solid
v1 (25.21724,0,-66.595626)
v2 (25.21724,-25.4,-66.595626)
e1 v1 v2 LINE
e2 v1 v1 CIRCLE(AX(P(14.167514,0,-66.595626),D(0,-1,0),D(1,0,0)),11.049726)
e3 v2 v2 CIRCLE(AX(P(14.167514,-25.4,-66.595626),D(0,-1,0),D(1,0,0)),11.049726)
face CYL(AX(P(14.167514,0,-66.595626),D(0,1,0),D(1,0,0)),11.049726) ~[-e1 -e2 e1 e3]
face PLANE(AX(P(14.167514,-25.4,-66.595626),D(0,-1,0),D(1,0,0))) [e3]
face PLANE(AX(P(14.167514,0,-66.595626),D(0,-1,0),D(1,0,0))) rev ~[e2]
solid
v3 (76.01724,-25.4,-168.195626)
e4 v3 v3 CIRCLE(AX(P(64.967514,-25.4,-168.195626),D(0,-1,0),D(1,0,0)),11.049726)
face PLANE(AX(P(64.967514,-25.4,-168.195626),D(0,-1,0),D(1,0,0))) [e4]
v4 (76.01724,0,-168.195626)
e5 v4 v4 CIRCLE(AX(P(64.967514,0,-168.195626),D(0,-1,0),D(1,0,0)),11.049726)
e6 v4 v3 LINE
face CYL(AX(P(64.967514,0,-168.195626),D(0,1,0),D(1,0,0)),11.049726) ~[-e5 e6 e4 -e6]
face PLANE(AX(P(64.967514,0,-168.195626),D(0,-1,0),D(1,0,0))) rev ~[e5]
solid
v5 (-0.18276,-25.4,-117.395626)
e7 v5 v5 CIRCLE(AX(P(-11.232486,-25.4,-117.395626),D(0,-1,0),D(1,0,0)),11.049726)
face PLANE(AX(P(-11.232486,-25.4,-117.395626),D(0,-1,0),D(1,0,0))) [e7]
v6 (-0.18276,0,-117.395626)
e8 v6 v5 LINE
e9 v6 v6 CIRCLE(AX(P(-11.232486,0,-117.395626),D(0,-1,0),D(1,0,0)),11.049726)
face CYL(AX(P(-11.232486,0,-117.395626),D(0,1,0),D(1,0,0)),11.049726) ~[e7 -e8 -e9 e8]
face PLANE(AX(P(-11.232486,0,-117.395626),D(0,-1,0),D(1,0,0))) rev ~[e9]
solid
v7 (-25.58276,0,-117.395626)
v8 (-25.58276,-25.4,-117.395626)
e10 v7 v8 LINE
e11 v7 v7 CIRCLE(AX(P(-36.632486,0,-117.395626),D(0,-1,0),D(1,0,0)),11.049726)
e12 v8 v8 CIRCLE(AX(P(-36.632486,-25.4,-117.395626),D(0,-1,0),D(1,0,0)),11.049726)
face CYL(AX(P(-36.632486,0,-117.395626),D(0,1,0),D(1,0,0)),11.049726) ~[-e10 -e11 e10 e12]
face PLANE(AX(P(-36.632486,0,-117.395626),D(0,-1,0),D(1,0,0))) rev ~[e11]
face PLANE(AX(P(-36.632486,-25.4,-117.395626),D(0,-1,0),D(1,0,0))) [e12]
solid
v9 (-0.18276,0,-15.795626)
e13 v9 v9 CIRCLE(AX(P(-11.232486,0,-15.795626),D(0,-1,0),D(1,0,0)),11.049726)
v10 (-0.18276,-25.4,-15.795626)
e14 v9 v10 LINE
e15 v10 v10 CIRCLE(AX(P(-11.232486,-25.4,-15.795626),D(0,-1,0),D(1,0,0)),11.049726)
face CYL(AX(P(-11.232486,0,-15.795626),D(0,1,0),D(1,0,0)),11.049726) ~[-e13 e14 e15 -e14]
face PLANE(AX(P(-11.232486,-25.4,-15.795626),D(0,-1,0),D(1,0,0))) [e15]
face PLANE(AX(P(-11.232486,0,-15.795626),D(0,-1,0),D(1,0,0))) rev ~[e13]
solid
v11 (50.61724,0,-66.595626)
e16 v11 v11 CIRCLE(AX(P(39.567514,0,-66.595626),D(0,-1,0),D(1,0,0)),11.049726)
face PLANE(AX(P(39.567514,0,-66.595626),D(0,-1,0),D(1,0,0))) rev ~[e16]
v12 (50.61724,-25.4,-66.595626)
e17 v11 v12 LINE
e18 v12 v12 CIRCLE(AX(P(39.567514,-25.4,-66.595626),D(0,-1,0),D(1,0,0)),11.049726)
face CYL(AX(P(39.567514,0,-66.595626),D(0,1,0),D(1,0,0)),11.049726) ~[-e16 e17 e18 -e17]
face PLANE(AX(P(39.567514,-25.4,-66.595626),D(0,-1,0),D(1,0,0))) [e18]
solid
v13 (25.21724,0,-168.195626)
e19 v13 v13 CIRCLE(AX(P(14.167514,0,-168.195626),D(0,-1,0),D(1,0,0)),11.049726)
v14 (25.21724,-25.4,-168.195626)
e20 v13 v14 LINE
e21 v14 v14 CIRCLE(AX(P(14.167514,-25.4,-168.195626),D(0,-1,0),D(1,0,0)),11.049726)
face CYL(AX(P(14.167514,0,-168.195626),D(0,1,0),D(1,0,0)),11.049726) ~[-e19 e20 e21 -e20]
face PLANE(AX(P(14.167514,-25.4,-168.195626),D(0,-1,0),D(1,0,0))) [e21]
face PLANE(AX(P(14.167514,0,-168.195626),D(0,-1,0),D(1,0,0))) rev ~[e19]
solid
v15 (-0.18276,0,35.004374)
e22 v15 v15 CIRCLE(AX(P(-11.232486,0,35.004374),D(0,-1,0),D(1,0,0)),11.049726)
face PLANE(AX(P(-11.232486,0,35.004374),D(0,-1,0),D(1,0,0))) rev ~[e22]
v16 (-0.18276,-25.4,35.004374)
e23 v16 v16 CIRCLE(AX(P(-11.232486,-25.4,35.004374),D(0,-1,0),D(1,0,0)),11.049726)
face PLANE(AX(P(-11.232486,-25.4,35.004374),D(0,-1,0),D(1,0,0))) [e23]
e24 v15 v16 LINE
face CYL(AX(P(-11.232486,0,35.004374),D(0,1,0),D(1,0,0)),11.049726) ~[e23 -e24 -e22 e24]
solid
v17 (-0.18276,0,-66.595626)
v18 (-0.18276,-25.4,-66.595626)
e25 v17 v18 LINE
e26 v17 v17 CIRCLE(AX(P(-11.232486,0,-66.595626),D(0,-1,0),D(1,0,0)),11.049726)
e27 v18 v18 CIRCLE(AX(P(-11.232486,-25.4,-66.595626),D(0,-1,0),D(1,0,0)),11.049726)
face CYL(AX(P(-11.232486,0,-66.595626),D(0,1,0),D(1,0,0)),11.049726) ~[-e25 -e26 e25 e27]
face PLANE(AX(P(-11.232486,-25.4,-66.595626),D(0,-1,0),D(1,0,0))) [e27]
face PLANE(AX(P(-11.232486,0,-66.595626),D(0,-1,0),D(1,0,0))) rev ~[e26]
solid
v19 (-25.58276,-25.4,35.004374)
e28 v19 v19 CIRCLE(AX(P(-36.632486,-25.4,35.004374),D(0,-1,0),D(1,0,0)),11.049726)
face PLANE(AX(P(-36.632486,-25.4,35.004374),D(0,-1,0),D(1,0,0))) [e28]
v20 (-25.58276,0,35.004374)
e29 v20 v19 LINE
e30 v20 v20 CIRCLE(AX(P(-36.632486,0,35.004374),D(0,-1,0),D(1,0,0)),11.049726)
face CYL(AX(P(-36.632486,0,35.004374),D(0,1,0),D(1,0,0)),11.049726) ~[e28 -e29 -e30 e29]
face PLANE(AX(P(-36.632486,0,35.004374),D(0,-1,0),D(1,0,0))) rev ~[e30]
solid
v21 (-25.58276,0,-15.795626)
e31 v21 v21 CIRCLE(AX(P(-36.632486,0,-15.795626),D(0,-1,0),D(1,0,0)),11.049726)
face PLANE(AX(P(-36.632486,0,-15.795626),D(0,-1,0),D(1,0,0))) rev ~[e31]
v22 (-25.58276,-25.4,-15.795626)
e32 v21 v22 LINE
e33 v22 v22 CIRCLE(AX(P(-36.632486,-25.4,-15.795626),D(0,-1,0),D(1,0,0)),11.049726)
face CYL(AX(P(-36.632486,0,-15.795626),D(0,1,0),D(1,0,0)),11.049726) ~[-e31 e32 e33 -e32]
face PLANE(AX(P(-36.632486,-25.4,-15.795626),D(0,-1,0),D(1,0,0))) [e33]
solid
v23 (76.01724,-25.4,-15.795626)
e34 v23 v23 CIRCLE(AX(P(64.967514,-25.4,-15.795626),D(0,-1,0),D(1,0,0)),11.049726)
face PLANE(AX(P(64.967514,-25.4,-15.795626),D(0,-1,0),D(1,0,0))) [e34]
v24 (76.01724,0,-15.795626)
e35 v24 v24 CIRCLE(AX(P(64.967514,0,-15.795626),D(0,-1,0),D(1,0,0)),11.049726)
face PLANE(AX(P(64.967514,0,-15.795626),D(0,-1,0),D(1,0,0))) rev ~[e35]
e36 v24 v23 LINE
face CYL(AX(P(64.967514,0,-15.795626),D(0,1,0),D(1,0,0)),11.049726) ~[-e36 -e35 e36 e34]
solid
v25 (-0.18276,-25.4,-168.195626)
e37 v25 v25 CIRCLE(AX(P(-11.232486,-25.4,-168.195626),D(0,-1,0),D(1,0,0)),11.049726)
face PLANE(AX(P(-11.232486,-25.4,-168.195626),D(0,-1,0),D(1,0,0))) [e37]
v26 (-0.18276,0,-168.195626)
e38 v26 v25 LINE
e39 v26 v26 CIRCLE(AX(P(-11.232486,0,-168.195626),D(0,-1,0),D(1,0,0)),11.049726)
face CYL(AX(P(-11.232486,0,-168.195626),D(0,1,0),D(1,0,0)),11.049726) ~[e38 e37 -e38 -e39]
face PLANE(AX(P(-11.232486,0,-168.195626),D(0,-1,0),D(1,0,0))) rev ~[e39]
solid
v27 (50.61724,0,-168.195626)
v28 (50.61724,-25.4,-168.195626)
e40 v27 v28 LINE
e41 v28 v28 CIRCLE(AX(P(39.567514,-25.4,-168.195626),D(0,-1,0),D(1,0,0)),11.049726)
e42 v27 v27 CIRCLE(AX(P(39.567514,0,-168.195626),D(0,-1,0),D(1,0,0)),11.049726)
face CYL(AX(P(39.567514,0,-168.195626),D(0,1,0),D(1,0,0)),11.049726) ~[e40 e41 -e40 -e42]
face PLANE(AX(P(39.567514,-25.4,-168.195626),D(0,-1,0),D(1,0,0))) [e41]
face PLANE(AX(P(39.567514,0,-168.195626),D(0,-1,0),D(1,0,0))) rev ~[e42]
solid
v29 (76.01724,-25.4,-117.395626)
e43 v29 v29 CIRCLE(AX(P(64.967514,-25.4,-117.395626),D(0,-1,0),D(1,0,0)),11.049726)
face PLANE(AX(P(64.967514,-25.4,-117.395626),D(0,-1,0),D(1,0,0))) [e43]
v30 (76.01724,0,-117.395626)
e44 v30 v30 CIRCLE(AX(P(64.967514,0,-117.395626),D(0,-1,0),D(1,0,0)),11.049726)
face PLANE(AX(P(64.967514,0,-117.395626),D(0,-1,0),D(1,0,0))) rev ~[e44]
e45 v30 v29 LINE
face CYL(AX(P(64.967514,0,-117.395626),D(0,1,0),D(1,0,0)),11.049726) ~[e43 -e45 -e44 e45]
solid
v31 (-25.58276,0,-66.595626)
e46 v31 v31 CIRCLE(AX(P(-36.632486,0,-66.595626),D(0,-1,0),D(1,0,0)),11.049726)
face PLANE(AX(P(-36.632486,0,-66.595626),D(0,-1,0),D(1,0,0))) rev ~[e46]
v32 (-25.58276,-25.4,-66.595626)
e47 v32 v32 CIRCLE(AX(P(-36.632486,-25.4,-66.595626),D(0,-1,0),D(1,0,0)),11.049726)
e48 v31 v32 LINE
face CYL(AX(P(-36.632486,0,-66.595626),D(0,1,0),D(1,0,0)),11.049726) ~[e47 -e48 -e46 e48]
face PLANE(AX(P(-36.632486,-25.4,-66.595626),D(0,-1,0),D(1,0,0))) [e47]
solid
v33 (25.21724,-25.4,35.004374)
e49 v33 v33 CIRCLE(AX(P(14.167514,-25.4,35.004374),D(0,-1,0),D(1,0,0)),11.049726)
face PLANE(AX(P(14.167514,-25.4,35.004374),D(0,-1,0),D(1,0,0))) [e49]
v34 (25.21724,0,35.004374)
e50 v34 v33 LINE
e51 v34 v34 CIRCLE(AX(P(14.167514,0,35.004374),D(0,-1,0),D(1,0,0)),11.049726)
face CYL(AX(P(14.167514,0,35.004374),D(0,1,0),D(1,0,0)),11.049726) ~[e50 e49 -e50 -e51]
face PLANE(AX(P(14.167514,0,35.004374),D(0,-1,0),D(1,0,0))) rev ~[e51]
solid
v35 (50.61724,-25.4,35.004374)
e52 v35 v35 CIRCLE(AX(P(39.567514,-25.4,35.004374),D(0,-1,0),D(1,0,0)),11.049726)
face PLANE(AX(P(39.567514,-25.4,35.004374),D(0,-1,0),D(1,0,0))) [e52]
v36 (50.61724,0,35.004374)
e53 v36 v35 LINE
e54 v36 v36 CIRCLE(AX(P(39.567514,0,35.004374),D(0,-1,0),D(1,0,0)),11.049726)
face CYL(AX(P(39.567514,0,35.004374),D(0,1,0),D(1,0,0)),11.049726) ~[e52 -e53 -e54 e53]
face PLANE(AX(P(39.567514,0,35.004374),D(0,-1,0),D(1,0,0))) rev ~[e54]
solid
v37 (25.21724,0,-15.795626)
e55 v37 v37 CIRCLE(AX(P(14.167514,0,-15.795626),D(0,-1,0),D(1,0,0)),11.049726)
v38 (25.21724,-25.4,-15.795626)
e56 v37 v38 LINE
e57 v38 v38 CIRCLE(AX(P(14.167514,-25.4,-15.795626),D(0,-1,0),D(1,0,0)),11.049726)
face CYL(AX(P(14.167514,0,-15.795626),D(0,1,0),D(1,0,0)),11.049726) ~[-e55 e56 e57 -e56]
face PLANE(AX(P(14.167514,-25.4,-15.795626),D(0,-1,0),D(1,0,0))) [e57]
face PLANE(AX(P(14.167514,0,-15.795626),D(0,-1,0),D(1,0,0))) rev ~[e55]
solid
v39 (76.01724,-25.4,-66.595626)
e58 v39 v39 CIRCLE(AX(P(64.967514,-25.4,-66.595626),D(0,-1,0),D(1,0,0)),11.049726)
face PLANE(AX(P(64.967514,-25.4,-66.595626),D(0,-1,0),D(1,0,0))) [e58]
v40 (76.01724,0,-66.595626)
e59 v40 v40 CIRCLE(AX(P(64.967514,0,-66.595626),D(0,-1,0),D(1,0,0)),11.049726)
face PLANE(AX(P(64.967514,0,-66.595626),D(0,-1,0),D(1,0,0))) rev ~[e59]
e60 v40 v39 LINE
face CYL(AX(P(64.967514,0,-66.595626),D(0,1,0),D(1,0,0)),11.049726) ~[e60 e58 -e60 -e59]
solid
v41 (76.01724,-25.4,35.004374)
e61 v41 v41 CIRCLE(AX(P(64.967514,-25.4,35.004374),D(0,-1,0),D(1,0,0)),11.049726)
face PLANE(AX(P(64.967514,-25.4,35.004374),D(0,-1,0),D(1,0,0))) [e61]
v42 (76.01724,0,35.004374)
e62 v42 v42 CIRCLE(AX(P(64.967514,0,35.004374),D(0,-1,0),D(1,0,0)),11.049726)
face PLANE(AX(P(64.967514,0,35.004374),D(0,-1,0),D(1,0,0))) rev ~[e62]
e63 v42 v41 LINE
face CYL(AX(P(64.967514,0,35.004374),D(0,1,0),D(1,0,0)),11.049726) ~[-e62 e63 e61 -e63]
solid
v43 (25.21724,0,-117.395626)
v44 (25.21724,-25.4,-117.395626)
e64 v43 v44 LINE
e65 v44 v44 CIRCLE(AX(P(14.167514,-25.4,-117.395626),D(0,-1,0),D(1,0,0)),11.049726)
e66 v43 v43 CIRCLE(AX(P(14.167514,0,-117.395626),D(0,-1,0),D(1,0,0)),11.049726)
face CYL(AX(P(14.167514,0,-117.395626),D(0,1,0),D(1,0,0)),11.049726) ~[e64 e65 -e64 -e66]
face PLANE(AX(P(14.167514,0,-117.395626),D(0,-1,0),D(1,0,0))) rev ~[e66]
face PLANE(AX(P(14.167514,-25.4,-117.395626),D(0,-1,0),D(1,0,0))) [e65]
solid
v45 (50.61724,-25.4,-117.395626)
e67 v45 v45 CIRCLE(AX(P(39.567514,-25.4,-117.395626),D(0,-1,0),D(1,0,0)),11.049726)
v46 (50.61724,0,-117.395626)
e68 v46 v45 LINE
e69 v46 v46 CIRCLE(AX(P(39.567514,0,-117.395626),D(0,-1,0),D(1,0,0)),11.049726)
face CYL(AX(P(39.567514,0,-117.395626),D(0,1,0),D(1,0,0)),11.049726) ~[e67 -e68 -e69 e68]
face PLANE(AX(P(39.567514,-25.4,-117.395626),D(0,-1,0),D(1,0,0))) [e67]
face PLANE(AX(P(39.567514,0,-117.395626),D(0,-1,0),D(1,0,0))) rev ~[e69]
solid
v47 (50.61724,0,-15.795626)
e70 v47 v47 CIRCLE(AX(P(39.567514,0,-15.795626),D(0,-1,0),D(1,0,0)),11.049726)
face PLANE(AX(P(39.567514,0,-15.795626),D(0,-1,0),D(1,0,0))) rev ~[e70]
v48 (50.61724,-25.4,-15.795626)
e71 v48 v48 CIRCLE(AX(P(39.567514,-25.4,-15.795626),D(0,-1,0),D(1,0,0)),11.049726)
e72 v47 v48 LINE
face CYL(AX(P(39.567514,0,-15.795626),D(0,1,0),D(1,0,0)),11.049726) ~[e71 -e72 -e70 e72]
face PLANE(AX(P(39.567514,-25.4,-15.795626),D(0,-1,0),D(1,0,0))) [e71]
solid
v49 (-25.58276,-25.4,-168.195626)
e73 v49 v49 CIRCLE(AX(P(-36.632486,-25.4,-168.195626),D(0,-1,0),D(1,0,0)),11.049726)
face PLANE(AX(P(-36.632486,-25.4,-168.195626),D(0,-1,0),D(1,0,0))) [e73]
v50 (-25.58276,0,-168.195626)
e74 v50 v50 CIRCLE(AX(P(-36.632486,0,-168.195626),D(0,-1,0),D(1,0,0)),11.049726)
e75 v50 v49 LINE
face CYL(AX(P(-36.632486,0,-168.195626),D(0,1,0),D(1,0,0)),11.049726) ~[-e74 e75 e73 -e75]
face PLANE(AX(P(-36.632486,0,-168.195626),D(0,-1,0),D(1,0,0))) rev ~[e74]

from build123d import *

# Parameters (mm, degrees)
F0_R     = 11.049726
F1_DEPTH = 25.4


with BuildPart() as f1:
    # F0 (on Front) → F1 (new body)
    with BuildSketch(Plane.XZ):
        with Locations((-36.632486, 35.004374)):
            Circle(F0_R)
        with Locations((-36.632486, -15.795626)):
            Circle(F0_R)
        with Locations((-36.632486, -66.595626)):
            Circle(F0_R)
        with Locations((-36.632486, -117.395626)):
            Circle(F0_R)
        with Locations((-36.632486, -168.195626)):
            Circle(F0_R)
        with Locations((-11.232486, 35.004374)):
            Circle(F0_R)
        with Locations((-11.232486, -15.795626)):
            Circle(F0_R)
        with Locations((-11.232486, -66.595626)):
            Circle(F0_R)
        with Locations((-11.232486, -117.395626)):
            Circle(F0_R)
        with Locations((-11.232486, -168.195626)):
            Circle(F0_R)
        with Locations((14.167514, 35.004374)):
            Circle(F0_R)
        with Locations((14.167514, -15.795626)):
            Circle(F0_R)
        with Locations((14.167514, -66.595626)):
            Circle(F0_R)
        with Locations((14.167514, -117.395626)):
            Circle(F0_R)
        with Locations((14.167514, -168.195626)):
            Circle(F0_R)
        with Locations((39.567514, 35.004374)):
            Circle(F0_R)
        with Locations((39.567514, -15.795626)):
            Circle(F0_R)
        with Locations((39.567514, -66.595626)):
            Circle(F0_R)
        with Locations((39.567514, -117.395626)):
            Circle(F0_R)
        with Locations((39.567514, -168.195626)):
            Circle(F0_R)
        with Locations((64.967514, 35.004374)):
            Circle(F0_R)
        with Locations((64.967514, -15.795626)):
            Circle(F0_R)
        with Locations((64.967514, -66.595626)):
            Circle(F0_R)
        with Locations((64.967514, -117.395626)):
            Circle(F0_R)
        with Locations((64.967514, -168.195626)):
            Circle(F0_R)
    extrude(amount=F1_DEPTH)


solid = f1.part
